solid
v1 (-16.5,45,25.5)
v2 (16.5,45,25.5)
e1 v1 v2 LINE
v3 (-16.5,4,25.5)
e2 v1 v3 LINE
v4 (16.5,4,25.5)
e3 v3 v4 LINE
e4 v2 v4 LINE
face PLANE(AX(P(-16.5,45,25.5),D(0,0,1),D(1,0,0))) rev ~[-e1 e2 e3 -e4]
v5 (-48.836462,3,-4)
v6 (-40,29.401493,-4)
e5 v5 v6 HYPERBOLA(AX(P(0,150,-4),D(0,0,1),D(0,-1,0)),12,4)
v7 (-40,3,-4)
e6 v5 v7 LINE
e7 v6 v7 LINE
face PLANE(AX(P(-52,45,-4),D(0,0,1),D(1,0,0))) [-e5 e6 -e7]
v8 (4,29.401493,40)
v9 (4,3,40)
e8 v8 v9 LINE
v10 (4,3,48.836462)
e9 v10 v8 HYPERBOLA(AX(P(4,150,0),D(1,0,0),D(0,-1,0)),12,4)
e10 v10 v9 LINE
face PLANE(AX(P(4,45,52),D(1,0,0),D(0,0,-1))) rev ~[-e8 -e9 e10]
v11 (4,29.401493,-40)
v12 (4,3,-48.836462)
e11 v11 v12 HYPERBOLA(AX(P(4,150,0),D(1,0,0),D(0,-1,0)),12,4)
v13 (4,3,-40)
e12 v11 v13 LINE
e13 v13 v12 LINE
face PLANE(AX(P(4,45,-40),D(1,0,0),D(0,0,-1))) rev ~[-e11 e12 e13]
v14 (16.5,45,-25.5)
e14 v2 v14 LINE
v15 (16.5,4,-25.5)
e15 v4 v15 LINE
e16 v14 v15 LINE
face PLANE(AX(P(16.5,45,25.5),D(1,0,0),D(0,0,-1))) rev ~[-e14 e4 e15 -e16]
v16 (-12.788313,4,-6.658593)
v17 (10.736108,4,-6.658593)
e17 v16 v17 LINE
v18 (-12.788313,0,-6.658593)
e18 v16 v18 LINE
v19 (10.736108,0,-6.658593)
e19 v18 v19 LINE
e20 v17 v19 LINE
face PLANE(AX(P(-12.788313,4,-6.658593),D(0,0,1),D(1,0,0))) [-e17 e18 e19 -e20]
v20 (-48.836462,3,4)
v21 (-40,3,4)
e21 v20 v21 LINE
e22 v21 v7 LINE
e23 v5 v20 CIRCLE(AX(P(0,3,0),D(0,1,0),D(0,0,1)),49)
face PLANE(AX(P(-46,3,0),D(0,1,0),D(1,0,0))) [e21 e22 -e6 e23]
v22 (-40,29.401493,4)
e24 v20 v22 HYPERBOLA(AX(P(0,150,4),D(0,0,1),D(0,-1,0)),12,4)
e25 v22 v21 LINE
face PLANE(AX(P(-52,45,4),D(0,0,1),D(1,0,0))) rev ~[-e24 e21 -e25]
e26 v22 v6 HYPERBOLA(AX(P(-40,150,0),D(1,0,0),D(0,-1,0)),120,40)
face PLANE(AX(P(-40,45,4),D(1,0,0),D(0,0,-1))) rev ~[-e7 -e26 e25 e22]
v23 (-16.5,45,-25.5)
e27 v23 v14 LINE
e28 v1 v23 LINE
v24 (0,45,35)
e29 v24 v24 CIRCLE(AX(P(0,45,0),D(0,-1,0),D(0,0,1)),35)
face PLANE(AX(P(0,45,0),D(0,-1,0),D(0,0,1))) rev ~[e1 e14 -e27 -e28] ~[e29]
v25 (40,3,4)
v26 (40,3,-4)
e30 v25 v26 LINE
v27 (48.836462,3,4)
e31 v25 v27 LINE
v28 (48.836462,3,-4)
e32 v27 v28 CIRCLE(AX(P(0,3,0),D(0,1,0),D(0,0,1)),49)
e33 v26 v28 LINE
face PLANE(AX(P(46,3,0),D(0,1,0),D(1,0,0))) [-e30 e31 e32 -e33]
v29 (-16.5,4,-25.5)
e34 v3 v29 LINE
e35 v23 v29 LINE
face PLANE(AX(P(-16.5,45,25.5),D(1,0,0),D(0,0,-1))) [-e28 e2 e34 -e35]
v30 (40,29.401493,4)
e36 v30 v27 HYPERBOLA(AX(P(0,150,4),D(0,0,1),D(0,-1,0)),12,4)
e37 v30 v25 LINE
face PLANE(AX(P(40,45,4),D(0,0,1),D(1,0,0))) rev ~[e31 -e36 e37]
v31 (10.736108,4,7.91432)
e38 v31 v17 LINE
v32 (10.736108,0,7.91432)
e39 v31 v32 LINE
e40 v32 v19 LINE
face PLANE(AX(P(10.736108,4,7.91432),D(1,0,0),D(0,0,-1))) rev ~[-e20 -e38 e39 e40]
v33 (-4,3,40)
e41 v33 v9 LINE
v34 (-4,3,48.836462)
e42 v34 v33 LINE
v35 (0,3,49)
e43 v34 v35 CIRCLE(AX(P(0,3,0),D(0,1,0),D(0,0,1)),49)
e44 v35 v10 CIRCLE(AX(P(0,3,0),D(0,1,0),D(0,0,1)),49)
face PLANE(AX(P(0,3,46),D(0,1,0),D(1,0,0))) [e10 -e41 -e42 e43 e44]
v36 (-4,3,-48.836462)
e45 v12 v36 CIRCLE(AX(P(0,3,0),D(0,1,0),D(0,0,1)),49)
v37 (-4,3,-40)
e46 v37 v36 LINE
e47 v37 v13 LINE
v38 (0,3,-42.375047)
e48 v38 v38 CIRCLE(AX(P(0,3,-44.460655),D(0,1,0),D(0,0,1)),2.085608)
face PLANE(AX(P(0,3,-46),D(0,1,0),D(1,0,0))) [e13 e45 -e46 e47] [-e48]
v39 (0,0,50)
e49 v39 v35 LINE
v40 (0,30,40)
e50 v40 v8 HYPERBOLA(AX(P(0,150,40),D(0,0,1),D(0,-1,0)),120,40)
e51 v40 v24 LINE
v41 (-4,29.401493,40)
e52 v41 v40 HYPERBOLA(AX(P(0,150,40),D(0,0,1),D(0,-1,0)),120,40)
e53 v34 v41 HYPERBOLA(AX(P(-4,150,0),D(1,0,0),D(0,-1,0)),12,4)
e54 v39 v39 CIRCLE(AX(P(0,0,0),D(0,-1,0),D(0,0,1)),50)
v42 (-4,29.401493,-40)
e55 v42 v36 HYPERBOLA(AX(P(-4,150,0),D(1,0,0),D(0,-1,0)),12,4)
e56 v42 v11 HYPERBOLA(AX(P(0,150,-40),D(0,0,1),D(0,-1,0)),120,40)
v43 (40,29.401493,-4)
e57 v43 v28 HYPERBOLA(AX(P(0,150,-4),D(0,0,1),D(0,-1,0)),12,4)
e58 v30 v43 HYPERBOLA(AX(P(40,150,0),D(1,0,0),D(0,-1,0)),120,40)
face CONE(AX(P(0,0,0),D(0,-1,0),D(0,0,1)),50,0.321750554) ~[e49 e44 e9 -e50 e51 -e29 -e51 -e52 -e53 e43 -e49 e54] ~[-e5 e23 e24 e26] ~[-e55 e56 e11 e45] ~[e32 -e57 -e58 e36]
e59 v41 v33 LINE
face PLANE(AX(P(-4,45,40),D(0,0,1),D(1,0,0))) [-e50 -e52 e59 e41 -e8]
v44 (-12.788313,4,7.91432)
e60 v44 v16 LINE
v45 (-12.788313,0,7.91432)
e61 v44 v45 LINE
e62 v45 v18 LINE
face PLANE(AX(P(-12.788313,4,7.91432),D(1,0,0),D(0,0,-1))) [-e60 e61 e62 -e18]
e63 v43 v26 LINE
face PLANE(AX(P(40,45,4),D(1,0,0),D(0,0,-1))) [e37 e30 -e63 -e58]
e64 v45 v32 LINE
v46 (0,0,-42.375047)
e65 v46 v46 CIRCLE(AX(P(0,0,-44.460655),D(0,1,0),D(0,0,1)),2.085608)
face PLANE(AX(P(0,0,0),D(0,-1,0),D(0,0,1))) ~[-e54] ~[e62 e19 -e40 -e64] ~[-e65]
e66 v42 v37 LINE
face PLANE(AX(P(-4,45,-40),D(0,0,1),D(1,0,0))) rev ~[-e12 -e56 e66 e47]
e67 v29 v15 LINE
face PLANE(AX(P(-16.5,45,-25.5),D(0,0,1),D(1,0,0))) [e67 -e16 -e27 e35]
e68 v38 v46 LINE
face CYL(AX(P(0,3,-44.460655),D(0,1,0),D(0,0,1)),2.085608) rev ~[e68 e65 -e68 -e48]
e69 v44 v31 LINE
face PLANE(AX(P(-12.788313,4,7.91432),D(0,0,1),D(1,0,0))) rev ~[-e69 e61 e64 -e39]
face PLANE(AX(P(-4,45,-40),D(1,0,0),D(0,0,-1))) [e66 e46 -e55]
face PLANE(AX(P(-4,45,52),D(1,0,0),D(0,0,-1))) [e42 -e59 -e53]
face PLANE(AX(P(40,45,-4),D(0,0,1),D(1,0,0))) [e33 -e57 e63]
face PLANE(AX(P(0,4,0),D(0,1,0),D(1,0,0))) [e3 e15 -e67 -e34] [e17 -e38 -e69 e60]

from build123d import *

# Parameters (mm, degrees)
ESQUISSE2_W             = 33
ESQUISSE2_H             = 51
ENL_V_MAT_EXTRU_1_DEPTH = 41
ESQUISSE3_W             = 8
ESQUISSE3_H             = 12
ESQUISSE3_W_2           = 12
ESQUISSE3_H_2           = 8
ENL_V_MAT_EXTRU_3_DEPTH = 42
ESQUISSE4_W             = 23.524420498
ESQUISSE4_H             = 14.572913479
ENL_V_MAT_EXTRU_4_DEPTH = 269
ESQUISSE6_R             = 2.08560847
ENL_V_MAT_EXTRU_5_DEPTH = 10


with BuildPart() as part:
    # Esquisse1 → Révolution1 (revolve)
    with BuildSketch(Plane.XY, mode=Mode.PRIVATE) as r_volution1_sk:
        Polygon((0, 0), (-50, 0), (-35, 45), (0, 45), align=None)
    revolve(r_volution1_sk.sketch.rotate(Axis((0, 185.624886126, 0), (0, -1, 0)), 270), axis=Axis((0, 185.624886126, 0), (0, -1, 0)))

    # Esquisse2 → Enlèv. mat.-Extru.1 (cut)
    with BuildSketch(Plane(origin=(0, 45, 0), x_dir=(1, 0, 0), z_dir=(0, 1, 0))):
        Rectangle(ESQUISSE2_W, ESQUISSE2_H)
    extrude(amount=-ENL_V_MAT_EXTRU_1_DEPTH, mode=Mode.SUBTRACT)

    # Esquisse3 → Enlèv. mat.-Extru.3 (cut)
    with BuildSketch(Plane(origin=(0, 45, 0), x_dir=(1, 0, 0), z_dir=(0, 1, 0))):
        with Locations((0, 46)):
            Rectangle(ESQUISSE3_W, ESQUISSE3_H)
        with Locations((46, 0)):
            Rectangle(ESQUISSE3_W_2, ESQUISSE3_H_2)
        with Locations((0, -46)):
            Rectangle(ESQUISSE3_W, ESQUISSE3_H)
        with Locations((-46, 0)):
            Rectangle(ESQUISSE3_W_2, ESQUISSE3_H_2)
    extrude(amount=-ENL_V_MAT_EXTRU_3_DEPTH, mode=Mode.SUBTRACT)

    # Esquisse4 → Enlèv. mat.-Extru.4 (cut)
    with BuildSketch(Plane(origin=(0, 4, 0), x_dir=(1, 0, 0), z_dir=(0, 1, 0))):
        with Locations((-1.026102351, -0.627863405)):
            Rectangle(ESQUISSE4_W, ESQUISSE4_H)
    extrude(amount=-ENL_V_MAT_EXTRU_4_DEPTH, mode=Mode.SUBTRACT)

    # Esquisse6 → Enlèv. mat.-Extru.5 (cut)
    with BuildSketch(Plane(origin=(0, 3, 0), x_dir=(1, 0, 0), z_dir=(0, 1, 0))):
        with Locations(Location((0, 44.460655409, 0), (0, 0, 270))):
            Circle(ESQUISSE6_R)
    extrude(amount=-ENL_V_MAT_EXTRU_5_DEPTH, mode=Mode.SUBTRACT)


solid = part.part
